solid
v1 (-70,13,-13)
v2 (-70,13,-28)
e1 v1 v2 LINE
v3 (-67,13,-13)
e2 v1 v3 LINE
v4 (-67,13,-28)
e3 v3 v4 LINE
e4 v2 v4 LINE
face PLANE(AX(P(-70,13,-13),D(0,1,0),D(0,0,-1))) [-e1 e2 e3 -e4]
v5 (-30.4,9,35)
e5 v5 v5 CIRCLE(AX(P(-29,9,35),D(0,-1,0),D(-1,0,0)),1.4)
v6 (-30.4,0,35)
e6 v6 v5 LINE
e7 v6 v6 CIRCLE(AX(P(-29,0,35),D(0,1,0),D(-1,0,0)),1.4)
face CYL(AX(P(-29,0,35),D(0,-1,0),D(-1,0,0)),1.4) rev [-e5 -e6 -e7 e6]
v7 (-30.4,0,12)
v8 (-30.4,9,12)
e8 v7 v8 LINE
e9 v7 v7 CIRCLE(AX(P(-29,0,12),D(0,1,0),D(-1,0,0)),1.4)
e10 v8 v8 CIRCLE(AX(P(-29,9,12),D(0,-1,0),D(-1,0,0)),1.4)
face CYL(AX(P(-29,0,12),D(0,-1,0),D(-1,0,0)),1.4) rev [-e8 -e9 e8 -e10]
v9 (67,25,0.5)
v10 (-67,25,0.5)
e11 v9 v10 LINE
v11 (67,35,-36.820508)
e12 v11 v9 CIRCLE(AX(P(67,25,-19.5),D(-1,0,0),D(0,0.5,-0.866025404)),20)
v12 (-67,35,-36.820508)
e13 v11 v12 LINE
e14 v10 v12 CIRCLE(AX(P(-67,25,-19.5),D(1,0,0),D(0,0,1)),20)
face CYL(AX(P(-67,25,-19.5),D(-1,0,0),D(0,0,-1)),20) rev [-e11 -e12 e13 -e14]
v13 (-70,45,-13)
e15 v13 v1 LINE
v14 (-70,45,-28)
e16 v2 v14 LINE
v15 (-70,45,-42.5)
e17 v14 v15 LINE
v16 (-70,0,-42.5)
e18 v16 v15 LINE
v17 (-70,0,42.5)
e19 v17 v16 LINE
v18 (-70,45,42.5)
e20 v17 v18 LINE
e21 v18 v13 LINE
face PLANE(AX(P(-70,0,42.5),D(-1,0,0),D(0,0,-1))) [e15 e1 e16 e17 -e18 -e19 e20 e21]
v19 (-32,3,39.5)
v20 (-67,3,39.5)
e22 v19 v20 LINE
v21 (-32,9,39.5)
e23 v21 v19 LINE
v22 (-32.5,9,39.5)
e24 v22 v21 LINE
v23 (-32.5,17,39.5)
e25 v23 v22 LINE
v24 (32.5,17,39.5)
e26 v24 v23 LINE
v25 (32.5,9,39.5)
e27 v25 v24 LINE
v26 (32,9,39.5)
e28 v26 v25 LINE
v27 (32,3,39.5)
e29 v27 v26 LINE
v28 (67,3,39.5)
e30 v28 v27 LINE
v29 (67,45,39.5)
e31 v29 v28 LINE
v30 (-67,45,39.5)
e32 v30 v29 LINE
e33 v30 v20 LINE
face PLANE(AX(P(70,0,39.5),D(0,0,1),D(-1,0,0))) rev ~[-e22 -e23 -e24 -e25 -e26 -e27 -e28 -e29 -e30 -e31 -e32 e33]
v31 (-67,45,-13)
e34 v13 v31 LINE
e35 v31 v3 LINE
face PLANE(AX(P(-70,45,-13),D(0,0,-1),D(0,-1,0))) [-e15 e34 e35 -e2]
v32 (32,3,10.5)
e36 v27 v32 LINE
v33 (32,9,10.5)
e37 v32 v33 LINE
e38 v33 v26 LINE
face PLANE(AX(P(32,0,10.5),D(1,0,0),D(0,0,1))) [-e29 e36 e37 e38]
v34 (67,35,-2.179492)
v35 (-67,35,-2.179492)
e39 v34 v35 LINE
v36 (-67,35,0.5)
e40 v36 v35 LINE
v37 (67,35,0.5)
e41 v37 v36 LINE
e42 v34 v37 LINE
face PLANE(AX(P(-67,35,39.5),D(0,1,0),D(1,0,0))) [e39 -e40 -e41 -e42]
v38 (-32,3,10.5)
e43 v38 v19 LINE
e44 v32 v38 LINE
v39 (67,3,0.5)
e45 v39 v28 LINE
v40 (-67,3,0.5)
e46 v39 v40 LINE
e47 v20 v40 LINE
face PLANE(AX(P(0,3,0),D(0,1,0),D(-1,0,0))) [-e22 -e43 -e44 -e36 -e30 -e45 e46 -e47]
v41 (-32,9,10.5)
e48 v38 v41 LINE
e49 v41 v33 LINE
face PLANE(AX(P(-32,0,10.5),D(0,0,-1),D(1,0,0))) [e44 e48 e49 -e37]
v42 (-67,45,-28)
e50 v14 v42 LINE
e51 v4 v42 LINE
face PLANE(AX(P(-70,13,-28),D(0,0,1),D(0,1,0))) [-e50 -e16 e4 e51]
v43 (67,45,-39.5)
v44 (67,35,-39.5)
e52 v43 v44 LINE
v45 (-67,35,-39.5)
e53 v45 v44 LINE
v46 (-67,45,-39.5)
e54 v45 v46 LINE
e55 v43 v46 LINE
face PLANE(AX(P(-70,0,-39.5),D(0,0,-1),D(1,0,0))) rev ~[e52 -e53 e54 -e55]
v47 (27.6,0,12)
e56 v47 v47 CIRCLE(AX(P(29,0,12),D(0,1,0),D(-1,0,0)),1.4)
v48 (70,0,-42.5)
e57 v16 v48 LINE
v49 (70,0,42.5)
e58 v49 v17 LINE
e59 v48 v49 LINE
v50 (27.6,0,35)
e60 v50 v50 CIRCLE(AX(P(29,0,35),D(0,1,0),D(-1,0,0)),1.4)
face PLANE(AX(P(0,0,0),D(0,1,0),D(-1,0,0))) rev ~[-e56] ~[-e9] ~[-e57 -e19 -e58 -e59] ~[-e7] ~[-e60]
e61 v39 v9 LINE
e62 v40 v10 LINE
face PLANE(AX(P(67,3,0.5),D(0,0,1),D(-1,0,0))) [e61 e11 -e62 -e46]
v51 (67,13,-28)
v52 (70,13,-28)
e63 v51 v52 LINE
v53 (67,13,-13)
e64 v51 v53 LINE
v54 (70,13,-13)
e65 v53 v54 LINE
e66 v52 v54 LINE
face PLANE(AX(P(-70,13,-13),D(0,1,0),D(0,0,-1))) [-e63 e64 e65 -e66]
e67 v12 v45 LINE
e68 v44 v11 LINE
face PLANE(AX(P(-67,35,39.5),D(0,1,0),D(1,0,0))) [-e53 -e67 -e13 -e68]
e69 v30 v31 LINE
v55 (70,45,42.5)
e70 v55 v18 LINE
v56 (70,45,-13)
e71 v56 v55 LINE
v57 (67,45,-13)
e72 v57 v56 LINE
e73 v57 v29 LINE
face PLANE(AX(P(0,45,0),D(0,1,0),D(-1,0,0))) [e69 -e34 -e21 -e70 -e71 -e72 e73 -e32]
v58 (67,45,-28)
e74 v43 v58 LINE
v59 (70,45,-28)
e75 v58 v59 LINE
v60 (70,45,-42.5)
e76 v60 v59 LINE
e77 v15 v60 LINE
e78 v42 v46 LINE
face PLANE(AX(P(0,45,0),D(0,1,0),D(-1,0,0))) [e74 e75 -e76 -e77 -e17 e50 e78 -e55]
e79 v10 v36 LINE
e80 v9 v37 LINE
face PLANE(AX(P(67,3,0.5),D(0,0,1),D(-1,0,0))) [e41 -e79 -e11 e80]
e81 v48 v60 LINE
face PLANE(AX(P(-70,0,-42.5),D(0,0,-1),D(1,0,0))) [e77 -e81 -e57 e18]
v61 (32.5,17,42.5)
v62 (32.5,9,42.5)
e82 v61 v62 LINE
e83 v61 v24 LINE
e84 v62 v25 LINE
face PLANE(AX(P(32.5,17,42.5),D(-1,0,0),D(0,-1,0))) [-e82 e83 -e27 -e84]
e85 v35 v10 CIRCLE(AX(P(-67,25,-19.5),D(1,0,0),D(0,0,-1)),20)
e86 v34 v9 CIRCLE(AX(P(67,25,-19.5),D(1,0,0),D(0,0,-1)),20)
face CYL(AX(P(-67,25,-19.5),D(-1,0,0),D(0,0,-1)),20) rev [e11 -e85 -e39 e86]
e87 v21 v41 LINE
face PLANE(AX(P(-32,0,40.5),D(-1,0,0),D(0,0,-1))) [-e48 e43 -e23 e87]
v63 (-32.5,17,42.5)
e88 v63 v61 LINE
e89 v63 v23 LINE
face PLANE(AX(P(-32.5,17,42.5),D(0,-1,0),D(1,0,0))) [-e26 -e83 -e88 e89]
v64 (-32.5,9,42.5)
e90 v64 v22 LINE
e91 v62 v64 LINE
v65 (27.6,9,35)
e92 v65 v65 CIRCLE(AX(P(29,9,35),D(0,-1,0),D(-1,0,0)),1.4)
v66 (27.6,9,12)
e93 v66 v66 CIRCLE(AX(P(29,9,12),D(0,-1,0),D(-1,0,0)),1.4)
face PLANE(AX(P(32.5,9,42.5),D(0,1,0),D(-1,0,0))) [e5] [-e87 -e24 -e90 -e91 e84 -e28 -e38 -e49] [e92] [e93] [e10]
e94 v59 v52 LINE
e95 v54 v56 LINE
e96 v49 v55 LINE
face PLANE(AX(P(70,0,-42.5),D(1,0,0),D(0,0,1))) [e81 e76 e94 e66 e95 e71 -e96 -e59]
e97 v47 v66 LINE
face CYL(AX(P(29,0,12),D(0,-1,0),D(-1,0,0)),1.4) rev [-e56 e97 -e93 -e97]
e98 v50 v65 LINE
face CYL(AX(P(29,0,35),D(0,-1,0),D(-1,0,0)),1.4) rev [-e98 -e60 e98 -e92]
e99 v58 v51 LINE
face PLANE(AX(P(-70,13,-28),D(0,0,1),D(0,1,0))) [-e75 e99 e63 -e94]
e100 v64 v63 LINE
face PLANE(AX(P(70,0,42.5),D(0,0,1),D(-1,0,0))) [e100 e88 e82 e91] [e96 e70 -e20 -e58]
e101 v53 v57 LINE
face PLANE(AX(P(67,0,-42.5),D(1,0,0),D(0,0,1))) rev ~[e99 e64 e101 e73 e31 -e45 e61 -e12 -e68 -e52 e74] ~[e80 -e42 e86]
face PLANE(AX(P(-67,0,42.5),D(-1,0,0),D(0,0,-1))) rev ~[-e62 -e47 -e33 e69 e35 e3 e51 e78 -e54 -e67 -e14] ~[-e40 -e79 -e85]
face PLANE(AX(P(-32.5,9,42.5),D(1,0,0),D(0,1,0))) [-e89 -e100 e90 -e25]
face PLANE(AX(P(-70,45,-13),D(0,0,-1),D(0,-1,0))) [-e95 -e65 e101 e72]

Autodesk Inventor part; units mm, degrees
ref_plane "YZ Plane" through (0, 0, 0) normal (1, 0, 0) x (0, 1, 0)
ref_plane "XZ Plane" through (0, 0, 0) normal (0, 1, 0) x (-1, 0, 0)
ref_plane "XY Plane" through (0, 0, 0) normal (0, 0, 1) x (1, 0, 0)
sketch "Sketch1" plane through (0, 0, 0) normal (0, 1, 0) x (-1, 0, 0)
  line L0 (70, -42.5) -> (-70, -42.5)
  line L1 (-70, -42.5) -> (-70, 42.5)
  line L2 (-70, 42.5) -> (70, 42.5)
  line L3 (70, 42.5) -> (70, -42.5)
  line L4 (70, -42.5) -> (-70, 42.5) construction
  line L5 (-70, -42.5) -> (70, 42.5) construction
  point P0 (0, 0)
  dimension "d0" = 140
  dimension "d1" = 85
extrude "Outer-Shell" add sketch "Sketch1" along normal blind 45
shell "Shell1" thickness 3 removed faces 1 at (-23.3333, 45, -14.1667)
sketch "Sketch2" plane through (-67, 3, 39.5) normal (0, 1, 0) x (1, 0, 0)
  line L0 (0, 79) -> (134, 79)
  line L1 (134, 79) -> (134, 39)
  line L2 (134, 39) -> (0, 39)
  line L3 (0, 39) -> (0, 79)
  line L4 (0, 79) -> (134, 39) construction
  line L5 (134, 79) -> (0, 39) construction
  line L6 (134, 0) -> (134, 79) projected
  line L7 (0, 79) -> (134, 79) projected
  line L8 (134, 79) -> (0, 79) projected
  line L9 (0, 79) -> (0, 0) projected
  point P0 (67, 39.5)
  point P1 (67, 59)
  dimension "d5" = 40
extrude "Battery_Holder" add sketch "Sketch2" along normal blind 32
sketch "Sketch3" plane through (-67, 3, -39.5) normal (1, 0, 0) x (0, 0, -1)
  circle A0 centre (-20, 22) radius 20
  line L0 (-79, 42) -> (0, 42) projected
  line L1 (0, 0) -> (0, 42) projected
  point P0 (-39.5, -3)
  dimension "d8" = 40
  dimension "d9" = 20
extrude "Battery_Cutout" cut sketch "Sketch3" along normal up to surface (134 mm away) contours A0
sketch "Sketch4" plane through (-70, 0, -42.5) normal (-1, 0, 0) x (0, 0, 1)
  line L0 (14.5, 45) -> (29.5, 45)
  line L1 (29.5, 45) -> (29.5, 13)
  line L2 (29.5, 13) -> (14.5, 13)
  line L3 (14.5, 13) -> (14.5, 45)
  line L4 (0, 0) -> (0, 45) projected
  line L5 (0, 45) -> (85, 45) projected
  point P0 (42.5, 0)
  dimension "d15" = 15
  dimension "d16" = 32
  dimension "d17" = 14.5
extrude "Voltmeter_Cutouts" cut sketch "Sketch4" along normal through all both and the other way through all
sketch "Sketch5" plane through (0, 0, 0) normal (0, 1, 0) x (-1, 0, 0)
  line L0 (32, 10.5) -> (-32, 10.5)
  line L1 (-32, 10.5) -> (-32, 40.5)
  line L2 (-32, 40.5) -> (32, 40.5)
  line L3 (32, 40.5) -> (32, 10.5)
  line L4 (70, -13) -> (70, 42.5) projected
  line L5 (32, 40.5) -> (-32, 40.5)
  line L6 (-32, 40.5) -> (-32, 10.5)
  line L7 (-32, 10.5) -> (32, 10.5)
  line L8 (32, 10.5) -> (32, 40.5)
  line L9 (32, 40.5) -> (-32, 10.5) construction
  line L10 (-32, 40.5) -> (32, 10.5) construction
  point P0 (0, 0)
  point P1 (0, 25.5)
  point P2 (0, 25.5)
  dimension "d21" = 10.5
  dimension "d22" = 30
  dimension "d23" = 64
extrude "Controller_Stand" add sketch "Sketch5" along normal blind 9
sketch "Sketch6" plane through (-70, 0, 42.5) normal (0, 0, 1) x (1, 0, 0)
  line L0 (37.5, 17) -> (102.5, 17)
  line L1 (102.5, 17) -> (102.5, 9)
  line L2 (102.5, 9) -> (37.5, 9)
  line L3 (37.5, 9) -> (37.5, 17)
  line L4 (37.5, 17) -> (102.5, 9) construction
  line L5 (102.5, 17) -> (37.5, 9) construction
  line L6 (0, 0) -> (140, 0) projected
  point P0 (70, 0)
  point P1 (70, 13)
  dimension "d28" = 65
  dimension "d29" = 8
  dimension "d30" = 9
extrude "USB_Access" cut sketch "Sketch6" against normal up to next
sketch "Sketch7" plane through (0, 0, 0) normal (0, 1, 0) x (-1, 0, 0)
  line L0 (29, 12) -> (-29, 12) construction
  line L1 (-29, 12) -> (-29, 35) construction
  line L2 (-29, 35) -> (29, 35) construction
  line L3 (29, 35) -> (29, 12) construction
  line L4 (29, 12) -> (-29, 35) construction
  line L5 (-29, 12) -> (29, 35) construction
  circle A0 centre (29, 12) radius 1.4
  circle A1 centre (-29, 12) radius 1.4
  circle A2 centre (-29, 35) radius 1.4
  circle A3 centre (29, 35) radius 1.4
  point P0 (0, 0)
  point P1 (0, 23.5)
  point P2 (0, 23.5)
  dimension "d33" = 23
  dimension "d34" = 58
  dimension "d35" = 12
  dimension "d36" = 2.8
extrude "M3_Mount_Holes" cut sketch "Sketch7" along normal through all both and the other way through all
equation "\"d1\" = 0.607143 * d0"
equation "\"d2\" = 0.321429 * d0"
equation "\"d4\" = 0.0214286 * d0"
equation "\"d5\" = 0.285714 * d0"
equation "\"d6\" = 0.8 * d5"
equation "\"d8\" = d5"
equation "\"d9\" = 0.142857 * d0"
equation "\"d10\" = d5"
equation "\"d15\" = 0.107143 * d0"
equation "\"d16\" = 0.228571 * d0"
equation "\"d17\" = 0.103571 * d0"
equation "\"d21\" = 0.075 * d0"
equation "\"d22\" = 0.214286 * d0"
equation "\"d23\" = 2.13333 * d22"
equation "\"d24\" = 0.3 * d22"
equation "\"d28\" = 2.16667 * d22"
equation "\"d29\" = 0.266667 * d22"
equation "\"d30\" = 0.3 * d22"
equation "\"d31\" = 0.3 * d22"
equation "\"d33\" = 0.164286 * d0"
equation "\"d34\" = 0.414286 * d0"
equation "\"d35\" = 0.0857143 * d0"
equation "\"d36\" = 0.02 * d0"
properties part number "Bottom-Shell" material "ABS Plastic"
